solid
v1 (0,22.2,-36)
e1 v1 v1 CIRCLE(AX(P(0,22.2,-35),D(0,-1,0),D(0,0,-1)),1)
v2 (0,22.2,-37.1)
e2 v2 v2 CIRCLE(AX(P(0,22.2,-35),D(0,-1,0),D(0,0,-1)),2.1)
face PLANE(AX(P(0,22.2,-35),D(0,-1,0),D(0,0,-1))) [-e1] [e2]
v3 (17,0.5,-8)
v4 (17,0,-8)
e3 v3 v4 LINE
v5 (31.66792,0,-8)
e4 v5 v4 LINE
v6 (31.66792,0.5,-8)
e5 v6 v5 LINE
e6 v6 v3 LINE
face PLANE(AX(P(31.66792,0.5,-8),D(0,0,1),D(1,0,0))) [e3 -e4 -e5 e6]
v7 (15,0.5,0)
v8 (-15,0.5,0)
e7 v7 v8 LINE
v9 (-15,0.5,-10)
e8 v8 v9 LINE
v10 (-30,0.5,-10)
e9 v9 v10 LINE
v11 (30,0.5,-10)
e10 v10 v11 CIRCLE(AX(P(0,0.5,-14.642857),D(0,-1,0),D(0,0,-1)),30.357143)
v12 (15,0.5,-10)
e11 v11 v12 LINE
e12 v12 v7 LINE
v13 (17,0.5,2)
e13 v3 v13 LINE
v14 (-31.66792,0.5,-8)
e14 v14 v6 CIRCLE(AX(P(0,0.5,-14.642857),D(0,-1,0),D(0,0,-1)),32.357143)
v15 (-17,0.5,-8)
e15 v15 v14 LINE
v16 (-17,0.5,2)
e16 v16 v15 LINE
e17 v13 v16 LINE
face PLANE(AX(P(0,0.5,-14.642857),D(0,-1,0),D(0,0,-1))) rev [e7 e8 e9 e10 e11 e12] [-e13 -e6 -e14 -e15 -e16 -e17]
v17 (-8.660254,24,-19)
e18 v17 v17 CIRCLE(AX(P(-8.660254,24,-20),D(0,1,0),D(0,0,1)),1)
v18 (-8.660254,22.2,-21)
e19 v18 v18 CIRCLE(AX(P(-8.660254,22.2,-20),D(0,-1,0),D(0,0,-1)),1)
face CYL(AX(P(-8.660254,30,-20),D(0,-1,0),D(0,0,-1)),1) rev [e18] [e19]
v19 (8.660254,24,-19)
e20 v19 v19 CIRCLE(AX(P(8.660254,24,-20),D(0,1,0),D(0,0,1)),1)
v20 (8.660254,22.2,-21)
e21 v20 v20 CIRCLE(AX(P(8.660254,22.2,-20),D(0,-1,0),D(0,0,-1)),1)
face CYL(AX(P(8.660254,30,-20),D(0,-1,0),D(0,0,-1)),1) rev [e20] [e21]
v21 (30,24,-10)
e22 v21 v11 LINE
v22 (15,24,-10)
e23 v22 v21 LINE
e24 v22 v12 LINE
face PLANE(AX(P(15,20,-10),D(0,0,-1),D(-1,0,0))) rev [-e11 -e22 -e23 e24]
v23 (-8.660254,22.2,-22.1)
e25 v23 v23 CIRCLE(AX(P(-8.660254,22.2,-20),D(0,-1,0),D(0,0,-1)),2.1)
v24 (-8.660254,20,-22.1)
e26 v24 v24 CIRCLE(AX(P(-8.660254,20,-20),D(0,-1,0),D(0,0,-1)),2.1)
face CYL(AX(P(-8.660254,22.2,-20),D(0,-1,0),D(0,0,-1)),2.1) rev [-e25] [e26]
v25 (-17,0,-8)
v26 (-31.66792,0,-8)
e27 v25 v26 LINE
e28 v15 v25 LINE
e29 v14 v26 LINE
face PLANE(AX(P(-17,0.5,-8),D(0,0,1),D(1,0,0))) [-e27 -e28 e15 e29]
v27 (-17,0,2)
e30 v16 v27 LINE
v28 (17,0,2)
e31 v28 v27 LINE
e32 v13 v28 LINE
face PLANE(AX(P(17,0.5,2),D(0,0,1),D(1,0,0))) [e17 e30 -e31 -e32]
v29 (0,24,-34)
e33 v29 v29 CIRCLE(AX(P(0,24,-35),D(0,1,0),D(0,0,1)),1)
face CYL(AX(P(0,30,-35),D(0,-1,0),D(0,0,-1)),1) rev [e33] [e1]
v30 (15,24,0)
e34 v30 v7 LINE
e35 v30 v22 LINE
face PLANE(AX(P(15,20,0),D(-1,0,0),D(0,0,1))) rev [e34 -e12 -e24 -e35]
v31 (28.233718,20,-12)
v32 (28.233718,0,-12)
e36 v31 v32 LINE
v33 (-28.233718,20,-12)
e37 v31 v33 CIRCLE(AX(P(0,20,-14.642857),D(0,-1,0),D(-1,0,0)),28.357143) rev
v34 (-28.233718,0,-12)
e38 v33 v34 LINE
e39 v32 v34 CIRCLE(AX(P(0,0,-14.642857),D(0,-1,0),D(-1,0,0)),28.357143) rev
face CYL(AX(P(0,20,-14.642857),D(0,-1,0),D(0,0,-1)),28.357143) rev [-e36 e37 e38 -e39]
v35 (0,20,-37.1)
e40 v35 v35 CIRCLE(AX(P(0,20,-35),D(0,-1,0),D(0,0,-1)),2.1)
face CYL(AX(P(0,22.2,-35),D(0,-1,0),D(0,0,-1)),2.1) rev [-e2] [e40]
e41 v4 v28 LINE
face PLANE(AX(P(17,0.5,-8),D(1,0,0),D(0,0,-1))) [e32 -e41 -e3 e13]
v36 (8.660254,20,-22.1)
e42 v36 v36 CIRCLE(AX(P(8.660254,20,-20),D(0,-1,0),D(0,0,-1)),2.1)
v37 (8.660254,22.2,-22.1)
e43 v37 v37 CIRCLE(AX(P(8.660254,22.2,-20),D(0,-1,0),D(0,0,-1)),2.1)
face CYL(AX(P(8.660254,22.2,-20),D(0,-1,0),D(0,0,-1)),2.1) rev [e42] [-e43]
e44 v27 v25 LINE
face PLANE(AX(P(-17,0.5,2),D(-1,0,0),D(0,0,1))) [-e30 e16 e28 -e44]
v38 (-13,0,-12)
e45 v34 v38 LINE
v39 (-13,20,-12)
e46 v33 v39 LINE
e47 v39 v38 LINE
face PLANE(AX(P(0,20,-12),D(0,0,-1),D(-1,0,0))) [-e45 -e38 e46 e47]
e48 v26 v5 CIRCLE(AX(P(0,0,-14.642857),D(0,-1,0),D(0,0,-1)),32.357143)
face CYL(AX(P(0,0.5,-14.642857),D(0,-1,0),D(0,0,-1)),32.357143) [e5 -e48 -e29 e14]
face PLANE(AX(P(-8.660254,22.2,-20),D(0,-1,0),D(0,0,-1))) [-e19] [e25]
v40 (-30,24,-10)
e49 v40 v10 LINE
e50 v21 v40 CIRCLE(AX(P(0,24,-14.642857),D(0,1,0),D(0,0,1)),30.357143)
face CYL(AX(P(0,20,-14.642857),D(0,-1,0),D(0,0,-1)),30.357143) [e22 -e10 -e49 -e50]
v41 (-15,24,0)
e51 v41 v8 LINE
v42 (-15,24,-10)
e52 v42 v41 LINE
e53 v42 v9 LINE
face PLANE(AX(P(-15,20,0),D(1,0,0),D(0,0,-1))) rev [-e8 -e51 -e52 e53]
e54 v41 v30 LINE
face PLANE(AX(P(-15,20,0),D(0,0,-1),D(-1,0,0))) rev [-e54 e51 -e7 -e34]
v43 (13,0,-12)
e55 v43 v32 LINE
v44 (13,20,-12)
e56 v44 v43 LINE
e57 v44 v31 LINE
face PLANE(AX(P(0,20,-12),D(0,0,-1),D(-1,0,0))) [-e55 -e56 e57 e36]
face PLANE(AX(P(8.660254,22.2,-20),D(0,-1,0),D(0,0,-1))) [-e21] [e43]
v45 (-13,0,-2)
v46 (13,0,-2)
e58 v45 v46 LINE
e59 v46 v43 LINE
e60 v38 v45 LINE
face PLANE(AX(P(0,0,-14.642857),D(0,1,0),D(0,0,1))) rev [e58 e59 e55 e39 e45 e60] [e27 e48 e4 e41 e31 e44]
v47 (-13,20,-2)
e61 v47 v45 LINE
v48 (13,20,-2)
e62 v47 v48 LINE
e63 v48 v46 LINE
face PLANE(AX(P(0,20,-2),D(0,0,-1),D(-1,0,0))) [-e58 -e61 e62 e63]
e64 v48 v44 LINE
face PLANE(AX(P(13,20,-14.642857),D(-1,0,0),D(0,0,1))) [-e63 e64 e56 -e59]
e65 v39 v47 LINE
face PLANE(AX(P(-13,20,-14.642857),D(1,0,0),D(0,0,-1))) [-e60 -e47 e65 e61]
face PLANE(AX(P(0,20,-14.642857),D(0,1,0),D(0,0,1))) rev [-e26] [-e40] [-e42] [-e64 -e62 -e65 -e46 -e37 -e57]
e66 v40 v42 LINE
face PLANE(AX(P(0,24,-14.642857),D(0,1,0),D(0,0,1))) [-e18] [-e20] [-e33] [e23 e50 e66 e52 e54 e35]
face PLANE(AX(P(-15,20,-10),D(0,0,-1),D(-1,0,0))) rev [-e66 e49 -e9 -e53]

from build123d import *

# Parameters (mm, degrees)
EXTRUIR_L_MINA1_DEPTH   = 20
SALIENTE_EXTRUIR1_DEPTH = 4
CROQUIS3_R              = 2.1
CORTAR_EXTRUIR2_DEPTH   = 2.2
SALIENTE_EXTRUIR3_DEPTH = 0.5
CROQUIS5_R              = 1
CORTAR_EXTRUIR3_DEPTH   = 10


with BuildPart() as part:
    # Croquis1 → Extruir-Lámina1 (new body)
    with BuildSketch(Plane(origin=(0, 0, 0), x_dir=(1, 0, 0), z_dir=(0, 1, 0))):
        with BuildLine():
            Line((-30, 10), (-15, 10))
            Line((-15, 10), (-15, 0))
            Line((-15, 0), (15, 0))
            Line((15, 0), (15, 10))
            Line((15, 10), (30, 10))
            ThreePointArc((30, 10), (0, 45), (-30, 10))
        make_face()
        with BuildLine():
            Line((-28.233718443, 12), (-13, 12))
            Line((-13, 12), (-13, 2))
            Line((-13, 2), (13, 2))
            Line((13, 2), (13, 12))
            Line((13, 12), (28.233718443, 12))
            ThreePointArc((28.233718443, 12), (0, 43), (-28.233718443, 12))
        make_face(mode=Mode.SUBTRACT)
    extrude(amount=EXTRUIR_L_MINA1_DEPTH)

    # Croquis2 → Saliente-Extruir1 (add)
    with BuildSketch(Plane(origin=(0, 20, 0), x_dir=(1, 0, 0), z_dir=(0, 1, 0))):
        with BuildLine():
            Line((15, 10), (30, 10))
            ThreePointArc((30, 10), (0, 45), (-30, 10))
            Line((-30, 10), (-15, 10))
            Line((-15, 10), (-15, 0))
            Line((-15, 0), (15, 0))
            Line((15, 0), (15, 10))
        make_face()
    extrude(amount=SALIENTE_EXTRUIR1_DEPTH)

    # Croquis3 → Cortar-Extruir2 (cut)
    with BuildSketch(Plane.XZ.offset(-20)):
        with Locations(Location((-8.660254038, -20, 0), (0, 0, 270))):
            Circle(CROQUIS3_R)
        with Locations(Location((8.660254038, -20, 0), (0, 0, 270))):
            Circle(CROQUIS3_R)
        with Locations(Location((0, -35, 0), (0, 0, 270))):
            Circle(CROQUIS3_R)
    extrude(amount=-CORTAR_EXTRUIR2_DEPTH, mode=Mode.SUBTRACT)

    # Croquis4 → Saliente-Extruir3 (add)
    with BuildSketch(Plane.XZ):
        with BuildLine():
            Line((17, 2), (-17, 2))
            Line((-17, 2), (-17, -8))
            Line((-17, -8), (-31.667919775, -8))
            ThreePointArc((-31.667919775, -8), (0, -47), (31.667919775, -8))
            Line((31.667919775, -8), (17, -8))
            Line((17, -8), (17, 2))
        make_face()
        with BuildLine():
            Line((13, -12), (28.233718443, -12))
            ThreePointArc((28.233718443, -12), (0, -43), (-28.233718443, -12))
            Line((-28.233718443, -12), (-13, -12))
            Line((-13, -12), (-13, -2))
            Line((-13, -2), (13, -2))
            Line((13, -2), (13, -12))
        make_face(mode=Mode.SUBTRACT)
    extrude(amount=-SALIENTE_EXTRUIR3_DEPTH)

    # Croquis5 → Cortar-Extruir3 (cut)
    with BuildSketch(Plane.XZ.offset(-20)):
        with Locations(Location((-8.660254038, -20, 0), (0, 0, 270))):
            Circle(CROQUIS5_R)
        with Locations(Location((8.660254038, -20, 0), (0, 0, 270))):
            Circle(CROQUIS5_R)
        with Locations(Location((0, -35, 0), (0, 0, 270))):
            Circle(CROQUIS5_R)
    extrude(amount=-CORTAR_EXTRUIR3_DEPTH, mode=Mode.SUBTRACT)


solid = part.part
